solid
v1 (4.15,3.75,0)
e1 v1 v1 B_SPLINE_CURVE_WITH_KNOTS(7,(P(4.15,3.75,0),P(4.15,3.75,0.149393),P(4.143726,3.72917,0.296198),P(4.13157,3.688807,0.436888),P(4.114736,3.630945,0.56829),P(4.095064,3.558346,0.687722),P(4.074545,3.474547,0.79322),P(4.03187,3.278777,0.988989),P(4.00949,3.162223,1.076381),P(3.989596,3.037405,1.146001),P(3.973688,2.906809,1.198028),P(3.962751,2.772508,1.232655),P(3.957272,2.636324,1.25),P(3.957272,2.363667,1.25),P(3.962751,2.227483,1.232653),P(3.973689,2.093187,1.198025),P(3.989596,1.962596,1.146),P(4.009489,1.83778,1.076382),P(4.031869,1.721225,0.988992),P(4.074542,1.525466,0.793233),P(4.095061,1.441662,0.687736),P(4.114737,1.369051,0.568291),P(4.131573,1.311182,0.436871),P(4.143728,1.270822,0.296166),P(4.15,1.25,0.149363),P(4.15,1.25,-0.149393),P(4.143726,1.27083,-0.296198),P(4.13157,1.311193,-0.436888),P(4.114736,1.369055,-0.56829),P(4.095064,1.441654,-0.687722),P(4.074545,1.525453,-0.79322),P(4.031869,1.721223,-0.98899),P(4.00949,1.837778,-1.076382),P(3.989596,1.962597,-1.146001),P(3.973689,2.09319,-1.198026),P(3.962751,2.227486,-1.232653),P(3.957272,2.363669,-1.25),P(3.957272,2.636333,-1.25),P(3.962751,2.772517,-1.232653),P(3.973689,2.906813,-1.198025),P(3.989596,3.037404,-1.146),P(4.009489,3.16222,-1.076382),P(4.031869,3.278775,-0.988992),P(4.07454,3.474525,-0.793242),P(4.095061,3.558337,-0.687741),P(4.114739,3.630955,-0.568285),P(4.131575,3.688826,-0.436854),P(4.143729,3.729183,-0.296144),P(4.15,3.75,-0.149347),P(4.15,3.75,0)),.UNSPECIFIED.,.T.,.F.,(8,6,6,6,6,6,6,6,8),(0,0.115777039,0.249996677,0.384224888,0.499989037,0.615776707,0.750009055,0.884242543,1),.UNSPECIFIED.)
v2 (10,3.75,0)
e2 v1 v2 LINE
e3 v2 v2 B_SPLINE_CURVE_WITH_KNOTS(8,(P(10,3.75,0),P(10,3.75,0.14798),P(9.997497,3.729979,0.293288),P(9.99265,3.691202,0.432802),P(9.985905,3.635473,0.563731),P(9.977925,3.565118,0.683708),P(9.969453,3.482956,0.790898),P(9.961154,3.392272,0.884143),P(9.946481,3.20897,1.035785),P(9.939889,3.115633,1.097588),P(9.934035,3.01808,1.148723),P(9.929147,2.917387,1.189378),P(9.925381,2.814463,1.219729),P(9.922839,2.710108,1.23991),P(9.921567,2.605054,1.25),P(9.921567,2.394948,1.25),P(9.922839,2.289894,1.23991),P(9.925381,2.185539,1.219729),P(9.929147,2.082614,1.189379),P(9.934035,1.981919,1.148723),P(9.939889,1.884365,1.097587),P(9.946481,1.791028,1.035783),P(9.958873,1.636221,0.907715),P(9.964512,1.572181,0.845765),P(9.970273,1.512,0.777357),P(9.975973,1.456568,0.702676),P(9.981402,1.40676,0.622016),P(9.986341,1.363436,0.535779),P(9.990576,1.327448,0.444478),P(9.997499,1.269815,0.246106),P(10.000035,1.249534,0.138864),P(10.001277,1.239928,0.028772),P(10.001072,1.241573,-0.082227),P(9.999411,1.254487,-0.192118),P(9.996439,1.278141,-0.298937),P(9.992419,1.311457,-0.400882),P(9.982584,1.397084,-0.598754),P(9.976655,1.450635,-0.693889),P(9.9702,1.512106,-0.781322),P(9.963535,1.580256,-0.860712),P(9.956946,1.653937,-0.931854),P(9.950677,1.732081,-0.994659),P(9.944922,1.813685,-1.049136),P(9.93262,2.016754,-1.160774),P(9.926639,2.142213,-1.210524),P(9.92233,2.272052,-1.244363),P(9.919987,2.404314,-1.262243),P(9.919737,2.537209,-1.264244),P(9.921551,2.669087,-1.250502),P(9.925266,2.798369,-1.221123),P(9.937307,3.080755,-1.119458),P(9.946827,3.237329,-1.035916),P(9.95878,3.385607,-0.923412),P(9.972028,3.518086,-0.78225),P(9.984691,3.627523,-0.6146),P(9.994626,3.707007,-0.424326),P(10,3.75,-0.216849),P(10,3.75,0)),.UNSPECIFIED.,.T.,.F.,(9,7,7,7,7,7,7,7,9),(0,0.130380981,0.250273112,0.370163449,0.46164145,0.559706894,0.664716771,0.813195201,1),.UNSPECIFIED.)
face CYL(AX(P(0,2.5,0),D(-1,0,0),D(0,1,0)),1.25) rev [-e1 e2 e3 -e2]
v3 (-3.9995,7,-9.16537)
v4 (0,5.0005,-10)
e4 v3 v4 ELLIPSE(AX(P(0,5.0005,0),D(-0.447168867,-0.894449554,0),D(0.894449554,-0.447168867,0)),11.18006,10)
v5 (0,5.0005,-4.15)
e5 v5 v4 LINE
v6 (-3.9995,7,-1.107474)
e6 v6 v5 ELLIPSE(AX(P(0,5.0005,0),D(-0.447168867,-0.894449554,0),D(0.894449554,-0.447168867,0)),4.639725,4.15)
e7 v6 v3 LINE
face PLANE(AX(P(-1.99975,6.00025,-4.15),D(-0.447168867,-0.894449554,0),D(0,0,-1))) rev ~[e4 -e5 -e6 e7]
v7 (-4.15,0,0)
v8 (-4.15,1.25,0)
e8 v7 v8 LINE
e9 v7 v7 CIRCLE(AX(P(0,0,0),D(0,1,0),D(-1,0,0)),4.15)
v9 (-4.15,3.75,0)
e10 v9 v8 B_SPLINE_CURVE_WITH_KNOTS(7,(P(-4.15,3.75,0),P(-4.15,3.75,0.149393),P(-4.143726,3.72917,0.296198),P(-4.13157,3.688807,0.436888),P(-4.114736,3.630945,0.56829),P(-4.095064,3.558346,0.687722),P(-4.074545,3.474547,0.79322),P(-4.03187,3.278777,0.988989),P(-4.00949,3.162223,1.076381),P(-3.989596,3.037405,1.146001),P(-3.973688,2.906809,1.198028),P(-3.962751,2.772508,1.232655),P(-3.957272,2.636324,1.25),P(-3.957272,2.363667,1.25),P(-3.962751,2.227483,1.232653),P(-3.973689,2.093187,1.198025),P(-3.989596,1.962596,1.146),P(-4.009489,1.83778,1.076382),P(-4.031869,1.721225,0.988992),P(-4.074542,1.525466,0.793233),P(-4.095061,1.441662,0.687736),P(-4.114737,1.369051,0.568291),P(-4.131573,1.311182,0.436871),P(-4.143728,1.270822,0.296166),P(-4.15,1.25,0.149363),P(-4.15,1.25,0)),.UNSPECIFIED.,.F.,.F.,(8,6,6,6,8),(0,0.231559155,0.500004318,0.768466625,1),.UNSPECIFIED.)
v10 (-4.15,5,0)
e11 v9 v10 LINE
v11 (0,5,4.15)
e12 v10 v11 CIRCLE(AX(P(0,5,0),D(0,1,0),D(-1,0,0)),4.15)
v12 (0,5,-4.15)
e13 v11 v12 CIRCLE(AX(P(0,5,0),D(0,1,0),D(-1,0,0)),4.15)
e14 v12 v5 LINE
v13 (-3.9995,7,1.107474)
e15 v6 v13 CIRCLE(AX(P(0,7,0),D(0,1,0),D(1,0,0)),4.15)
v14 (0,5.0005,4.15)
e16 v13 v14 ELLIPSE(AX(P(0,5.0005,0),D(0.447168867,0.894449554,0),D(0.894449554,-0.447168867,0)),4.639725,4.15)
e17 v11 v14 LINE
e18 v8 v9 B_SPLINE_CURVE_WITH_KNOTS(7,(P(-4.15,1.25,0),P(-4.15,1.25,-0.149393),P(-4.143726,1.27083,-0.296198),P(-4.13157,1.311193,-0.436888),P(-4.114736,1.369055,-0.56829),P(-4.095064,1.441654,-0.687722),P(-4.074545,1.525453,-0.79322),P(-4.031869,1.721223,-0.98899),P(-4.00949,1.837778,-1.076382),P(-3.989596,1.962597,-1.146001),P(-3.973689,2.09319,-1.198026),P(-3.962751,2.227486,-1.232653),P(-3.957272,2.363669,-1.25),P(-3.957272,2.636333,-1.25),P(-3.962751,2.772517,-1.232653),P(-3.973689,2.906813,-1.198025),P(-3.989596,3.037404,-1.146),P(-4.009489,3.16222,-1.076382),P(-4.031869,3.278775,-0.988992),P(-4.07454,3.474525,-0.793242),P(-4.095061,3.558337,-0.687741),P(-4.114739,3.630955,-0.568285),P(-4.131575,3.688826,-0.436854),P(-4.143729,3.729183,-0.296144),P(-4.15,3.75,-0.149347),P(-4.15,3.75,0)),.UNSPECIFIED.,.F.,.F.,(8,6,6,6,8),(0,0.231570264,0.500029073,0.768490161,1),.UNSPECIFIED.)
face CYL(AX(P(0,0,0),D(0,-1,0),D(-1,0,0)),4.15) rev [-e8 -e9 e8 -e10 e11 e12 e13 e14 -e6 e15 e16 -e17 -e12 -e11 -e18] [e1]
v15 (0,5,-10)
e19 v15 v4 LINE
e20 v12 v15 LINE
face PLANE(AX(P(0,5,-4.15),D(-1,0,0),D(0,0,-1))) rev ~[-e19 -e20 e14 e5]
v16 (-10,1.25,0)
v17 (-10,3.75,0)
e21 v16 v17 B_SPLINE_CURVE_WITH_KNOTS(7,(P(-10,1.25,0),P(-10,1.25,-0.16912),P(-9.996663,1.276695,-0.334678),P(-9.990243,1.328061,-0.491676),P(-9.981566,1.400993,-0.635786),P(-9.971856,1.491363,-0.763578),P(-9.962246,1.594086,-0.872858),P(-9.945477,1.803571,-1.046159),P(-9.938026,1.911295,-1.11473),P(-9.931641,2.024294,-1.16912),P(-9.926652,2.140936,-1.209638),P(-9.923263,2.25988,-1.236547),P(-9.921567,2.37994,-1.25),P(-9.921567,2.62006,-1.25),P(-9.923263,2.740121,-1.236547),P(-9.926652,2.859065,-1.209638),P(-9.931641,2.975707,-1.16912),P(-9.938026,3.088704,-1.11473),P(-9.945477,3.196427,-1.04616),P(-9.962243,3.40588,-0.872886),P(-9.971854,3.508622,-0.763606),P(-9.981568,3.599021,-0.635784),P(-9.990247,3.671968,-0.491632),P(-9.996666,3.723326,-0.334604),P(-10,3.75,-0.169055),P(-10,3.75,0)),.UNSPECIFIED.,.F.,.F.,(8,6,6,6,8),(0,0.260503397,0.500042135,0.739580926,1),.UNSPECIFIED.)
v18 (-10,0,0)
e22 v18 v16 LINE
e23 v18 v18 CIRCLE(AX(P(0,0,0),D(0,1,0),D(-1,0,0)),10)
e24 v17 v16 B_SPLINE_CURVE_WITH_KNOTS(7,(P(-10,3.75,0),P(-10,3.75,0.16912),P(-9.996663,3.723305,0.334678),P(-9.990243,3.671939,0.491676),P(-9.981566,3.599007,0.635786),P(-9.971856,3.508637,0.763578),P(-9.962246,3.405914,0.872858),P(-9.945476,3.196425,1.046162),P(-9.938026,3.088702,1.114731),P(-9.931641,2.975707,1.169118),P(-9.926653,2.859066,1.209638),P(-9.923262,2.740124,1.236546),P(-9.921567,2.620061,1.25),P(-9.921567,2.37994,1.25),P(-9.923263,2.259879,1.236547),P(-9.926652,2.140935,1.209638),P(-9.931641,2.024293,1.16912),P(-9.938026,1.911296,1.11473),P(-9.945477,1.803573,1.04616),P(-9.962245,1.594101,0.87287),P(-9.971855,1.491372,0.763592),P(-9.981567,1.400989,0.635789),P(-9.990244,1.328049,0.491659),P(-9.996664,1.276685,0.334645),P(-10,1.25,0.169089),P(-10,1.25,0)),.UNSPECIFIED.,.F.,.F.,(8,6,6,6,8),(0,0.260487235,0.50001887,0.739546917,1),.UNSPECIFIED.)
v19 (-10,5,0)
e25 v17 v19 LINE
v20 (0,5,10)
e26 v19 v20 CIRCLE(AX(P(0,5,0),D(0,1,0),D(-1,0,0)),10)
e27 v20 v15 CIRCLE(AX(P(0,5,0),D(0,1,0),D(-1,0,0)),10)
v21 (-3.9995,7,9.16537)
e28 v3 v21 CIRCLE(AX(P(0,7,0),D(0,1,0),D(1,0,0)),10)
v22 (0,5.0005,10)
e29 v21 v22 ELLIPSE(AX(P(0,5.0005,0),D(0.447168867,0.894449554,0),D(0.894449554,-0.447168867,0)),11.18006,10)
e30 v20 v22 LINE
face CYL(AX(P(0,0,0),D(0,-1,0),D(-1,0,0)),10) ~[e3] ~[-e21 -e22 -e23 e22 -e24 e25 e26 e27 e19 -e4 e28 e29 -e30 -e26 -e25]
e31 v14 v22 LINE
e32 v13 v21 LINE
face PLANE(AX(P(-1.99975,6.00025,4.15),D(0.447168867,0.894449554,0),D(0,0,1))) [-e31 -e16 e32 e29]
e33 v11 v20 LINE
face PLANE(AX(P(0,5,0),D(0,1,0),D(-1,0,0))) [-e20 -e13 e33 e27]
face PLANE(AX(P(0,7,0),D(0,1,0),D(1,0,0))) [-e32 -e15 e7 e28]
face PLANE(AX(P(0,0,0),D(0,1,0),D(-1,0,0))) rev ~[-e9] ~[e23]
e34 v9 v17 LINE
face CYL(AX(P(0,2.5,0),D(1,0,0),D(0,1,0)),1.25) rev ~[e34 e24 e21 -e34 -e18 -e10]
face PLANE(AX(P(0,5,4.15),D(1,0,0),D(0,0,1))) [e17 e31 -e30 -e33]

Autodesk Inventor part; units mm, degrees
ref_plane "YZ Plane" through (0, 0, 0) normal (1, 0, 0) x (0, 1, 0)
ref_plane "XZ Plane" through (0, 0, 0) normal (0, 1, 0) x (-1, 0, 0)
ref_plane "XY Plane" through (0, 0, 0) normal (0, 0, 1) x (1, 0, 0)
sketch "Sketch1" plane through (0, 0, 0) normal (0, 1, 0) x (-1, 0, 0)
  circle A0 centre (0, 0) radius 10
  circle A1 centre (0, 0) radius 4.15
  dimension "d0" = 20
  dimension "d1" = 8.3
extrude "Extrusion1" add sketch "Sketch1" along normal blind 5
sketch "Sketch2" plane through (0, 5, 0) normal (0, 1, 0) x (1, 0, 0)
  circle A0 centre (0, 0) radius 4.15 construction
  circle A1 centre (0, 0) radius 10 construction
  circle A2 centre (0, 0) radius 4.15 projected
  line L0 (0, -4.15) -> (0, -10)
  circle A3 centre (0, 0) radius 10 projected
  line L1 (0, 4.15) -> (0, 10)
  line L2 (14, 0) -> (-14, 0) construction
  arc A4 (0, 4.15) -> (0, -4.15) centre (0, 0) ccw construction
  arc A5 (0, 10) -> (0, -10) centre (0, 0) ccw
  arc A6 (0, 4.15) -> (0, -4.15) centre (0, 0) ccw
  line L3 (0, 0) -> (0, -10) construction
  point P0 (0, 4.15)
  dimension "d4" = 90
extrude "Extrusion2" add sketch "Sketch2" along normal blind 2 contours A2 L0 A3 L1 picked at (-0.7977, -7.9531)
chamfer "Chamfer4" distance 4 distance2 2 1 edges at (0, 7, 7.075) measured on face at (-4.6768, 7, -6.482)
chamfer "Chamfer5" distance 4 distance2 2 1 edges at (0, 7, -7.075) measured on face at (-4.7092, 7, 6.0583)
sketch "Sketch3" plane through (0, 0, 0) normal (1, 0, 0) x (0, 1, 0)
  line L0 (5, 4.15) -> (5, -4.15) construction
  line L1 (5, -10) -> (5, 10) construction
  line L2 (0, -10) -> (0, 10) construction
  line L3 (-1.4, 0) -> (8.4, 0) construction
  circle A0 centre (2.5, 0) radius 1.25
  point P0 (0, 0)
  dimension "d22" = 2.5
  dimension "d23" = 2.5
extrude "Extrusion3" cut sketch "Sketch3" along normal through all both and the other way through all
properties part number "ang_wedge"
